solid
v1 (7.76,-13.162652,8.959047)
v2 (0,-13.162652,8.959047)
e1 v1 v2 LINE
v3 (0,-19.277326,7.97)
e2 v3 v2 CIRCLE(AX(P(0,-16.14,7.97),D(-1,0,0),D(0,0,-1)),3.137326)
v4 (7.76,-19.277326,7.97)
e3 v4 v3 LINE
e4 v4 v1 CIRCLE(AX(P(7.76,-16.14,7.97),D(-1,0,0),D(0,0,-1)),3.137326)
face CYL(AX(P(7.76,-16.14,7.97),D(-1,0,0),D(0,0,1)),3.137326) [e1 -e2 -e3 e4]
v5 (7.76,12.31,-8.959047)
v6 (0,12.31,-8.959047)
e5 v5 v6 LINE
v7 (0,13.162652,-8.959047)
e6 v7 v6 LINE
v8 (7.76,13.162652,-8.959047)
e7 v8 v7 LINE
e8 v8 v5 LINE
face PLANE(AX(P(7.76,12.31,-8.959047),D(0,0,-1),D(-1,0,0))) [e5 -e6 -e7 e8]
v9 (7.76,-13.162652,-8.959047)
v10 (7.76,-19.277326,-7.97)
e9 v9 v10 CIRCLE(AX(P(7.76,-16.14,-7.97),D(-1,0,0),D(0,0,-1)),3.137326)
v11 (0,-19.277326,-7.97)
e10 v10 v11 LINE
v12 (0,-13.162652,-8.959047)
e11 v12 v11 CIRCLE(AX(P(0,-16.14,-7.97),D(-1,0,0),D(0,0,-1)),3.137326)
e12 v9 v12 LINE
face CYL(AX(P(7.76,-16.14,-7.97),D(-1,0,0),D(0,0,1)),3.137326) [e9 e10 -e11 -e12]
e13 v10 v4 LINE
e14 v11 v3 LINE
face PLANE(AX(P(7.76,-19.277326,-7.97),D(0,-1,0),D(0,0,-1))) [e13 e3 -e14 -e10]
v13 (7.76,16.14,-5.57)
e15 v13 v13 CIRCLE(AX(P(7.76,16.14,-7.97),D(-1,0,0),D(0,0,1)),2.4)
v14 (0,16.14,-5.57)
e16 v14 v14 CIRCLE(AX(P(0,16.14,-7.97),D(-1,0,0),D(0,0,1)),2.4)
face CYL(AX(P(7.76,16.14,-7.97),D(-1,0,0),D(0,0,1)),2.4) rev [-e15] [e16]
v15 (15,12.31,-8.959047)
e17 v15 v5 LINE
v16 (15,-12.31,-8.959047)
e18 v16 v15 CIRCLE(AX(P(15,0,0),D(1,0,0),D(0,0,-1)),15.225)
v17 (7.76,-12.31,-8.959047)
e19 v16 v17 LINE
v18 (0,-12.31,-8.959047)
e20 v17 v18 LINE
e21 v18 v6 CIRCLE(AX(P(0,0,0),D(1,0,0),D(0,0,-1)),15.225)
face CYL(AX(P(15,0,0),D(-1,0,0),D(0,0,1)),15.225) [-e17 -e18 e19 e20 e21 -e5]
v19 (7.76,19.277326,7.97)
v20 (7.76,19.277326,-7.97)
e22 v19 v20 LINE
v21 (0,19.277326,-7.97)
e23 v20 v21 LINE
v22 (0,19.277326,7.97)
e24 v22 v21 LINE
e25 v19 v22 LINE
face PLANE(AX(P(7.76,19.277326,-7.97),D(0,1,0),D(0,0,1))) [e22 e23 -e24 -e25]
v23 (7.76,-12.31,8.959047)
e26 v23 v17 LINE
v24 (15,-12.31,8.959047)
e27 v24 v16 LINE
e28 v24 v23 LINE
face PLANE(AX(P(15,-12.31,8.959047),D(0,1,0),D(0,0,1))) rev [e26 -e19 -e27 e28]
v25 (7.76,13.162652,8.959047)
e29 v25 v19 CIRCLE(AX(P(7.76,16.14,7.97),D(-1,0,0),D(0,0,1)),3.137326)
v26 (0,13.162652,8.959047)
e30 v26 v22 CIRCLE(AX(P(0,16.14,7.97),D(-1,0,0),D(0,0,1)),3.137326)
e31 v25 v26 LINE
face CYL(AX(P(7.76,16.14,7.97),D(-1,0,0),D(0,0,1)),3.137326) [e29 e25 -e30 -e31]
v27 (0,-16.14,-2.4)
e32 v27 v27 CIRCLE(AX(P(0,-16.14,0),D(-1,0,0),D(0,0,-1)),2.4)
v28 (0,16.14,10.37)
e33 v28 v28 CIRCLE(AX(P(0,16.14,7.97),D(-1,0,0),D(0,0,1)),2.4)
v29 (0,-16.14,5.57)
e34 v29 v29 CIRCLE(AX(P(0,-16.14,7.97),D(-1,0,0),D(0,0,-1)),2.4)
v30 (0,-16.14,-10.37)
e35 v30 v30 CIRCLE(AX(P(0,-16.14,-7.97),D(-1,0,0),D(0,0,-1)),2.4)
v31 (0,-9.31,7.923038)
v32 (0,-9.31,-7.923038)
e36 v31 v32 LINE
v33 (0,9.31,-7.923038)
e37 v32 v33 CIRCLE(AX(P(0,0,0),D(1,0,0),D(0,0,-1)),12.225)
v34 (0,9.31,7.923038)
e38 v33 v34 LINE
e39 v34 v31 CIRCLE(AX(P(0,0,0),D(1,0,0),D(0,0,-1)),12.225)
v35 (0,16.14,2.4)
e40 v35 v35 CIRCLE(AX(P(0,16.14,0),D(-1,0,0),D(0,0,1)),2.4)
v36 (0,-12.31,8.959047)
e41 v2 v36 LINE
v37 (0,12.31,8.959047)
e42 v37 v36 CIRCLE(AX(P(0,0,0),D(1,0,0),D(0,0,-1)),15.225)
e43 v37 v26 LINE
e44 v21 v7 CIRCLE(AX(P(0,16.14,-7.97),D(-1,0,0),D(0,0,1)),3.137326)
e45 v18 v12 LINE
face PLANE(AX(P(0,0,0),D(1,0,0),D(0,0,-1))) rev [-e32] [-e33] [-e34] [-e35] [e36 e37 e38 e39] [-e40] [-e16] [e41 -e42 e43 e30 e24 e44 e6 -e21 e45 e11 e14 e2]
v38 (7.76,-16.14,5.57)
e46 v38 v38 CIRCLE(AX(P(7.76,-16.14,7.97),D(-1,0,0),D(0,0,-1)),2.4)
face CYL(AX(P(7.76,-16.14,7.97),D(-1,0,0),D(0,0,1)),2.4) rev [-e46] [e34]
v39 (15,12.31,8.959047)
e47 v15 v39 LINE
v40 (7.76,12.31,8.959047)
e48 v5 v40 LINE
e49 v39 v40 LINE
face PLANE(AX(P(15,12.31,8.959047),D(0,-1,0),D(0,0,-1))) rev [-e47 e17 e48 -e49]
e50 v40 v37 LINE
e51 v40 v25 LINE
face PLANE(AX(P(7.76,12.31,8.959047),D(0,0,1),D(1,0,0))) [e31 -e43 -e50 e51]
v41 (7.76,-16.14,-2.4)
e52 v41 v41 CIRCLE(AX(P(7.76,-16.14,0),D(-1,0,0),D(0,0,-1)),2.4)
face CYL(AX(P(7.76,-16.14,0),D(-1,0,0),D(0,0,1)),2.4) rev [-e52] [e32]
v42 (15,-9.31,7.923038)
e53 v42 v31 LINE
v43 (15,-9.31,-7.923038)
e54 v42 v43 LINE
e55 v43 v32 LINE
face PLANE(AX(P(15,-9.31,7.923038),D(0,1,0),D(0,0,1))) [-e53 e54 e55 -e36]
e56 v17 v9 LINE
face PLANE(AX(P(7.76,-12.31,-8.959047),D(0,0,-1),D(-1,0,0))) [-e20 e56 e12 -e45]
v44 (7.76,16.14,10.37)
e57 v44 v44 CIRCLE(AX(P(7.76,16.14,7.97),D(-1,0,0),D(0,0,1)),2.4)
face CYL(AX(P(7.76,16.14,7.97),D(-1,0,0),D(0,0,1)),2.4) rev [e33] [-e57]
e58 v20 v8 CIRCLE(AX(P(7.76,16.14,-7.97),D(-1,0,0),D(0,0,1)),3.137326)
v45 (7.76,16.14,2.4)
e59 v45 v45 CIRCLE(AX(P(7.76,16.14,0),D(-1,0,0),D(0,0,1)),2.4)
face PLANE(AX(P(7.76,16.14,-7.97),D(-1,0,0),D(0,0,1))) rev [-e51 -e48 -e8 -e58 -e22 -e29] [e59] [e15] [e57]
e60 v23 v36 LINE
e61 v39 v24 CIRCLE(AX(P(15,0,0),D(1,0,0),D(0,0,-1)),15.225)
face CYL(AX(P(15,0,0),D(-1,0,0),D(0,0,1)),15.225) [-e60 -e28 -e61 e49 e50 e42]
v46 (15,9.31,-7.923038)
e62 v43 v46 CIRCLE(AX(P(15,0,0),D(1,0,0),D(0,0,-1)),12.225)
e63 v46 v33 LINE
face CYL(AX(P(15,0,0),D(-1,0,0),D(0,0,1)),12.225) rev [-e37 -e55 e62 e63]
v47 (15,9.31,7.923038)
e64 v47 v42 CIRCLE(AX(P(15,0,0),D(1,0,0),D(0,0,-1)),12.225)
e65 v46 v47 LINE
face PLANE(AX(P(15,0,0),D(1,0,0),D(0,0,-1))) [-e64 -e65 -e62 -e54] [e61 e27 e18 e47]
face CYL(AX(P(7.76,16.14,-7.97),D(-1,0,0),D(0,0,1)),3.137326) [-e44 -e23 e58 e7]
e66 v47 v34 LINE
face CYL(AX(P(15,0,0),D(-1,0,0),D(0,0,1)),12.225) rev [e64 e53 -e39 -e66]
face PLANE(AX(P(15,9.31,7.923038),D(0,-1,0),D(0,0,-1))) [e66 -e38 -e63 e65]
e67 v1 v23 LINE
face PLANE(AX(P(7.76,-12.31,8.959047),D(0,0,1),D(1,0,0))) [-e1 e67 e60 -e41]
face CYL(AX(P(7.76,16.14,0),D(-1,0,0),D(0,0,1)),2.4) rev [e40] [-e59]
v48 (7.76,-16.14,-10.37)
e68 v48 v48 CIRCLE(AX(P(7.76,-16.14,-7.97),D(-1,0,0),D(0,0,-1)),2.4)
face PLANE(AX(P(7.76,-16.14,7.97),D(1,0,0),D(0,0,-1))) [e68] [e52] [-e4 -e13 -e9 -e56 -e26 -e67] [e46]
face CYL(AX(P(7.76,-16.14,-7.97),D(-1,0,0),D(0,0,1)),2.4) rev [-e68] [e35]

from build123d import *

# Parameters (mm, degrees)
MOTOR_HOLDER_DEPTH = 15
SKETCH2_R          = 2.4
LEGO_MOUNT_DEPTH   = 7.76


with BuildPart() as part:
    # Sketch1 → Motor Holder (new body)
    with BuildSketch(Plane(origin=(0, 0, 0), x_dir=(0, 0, -1), z_dir=(1, 0, 0))):
        with BuildLine():
            Line((-8.959047103, 12.31), (8.959047103, 12.31))
            ThreePointArc((8.959047103, 12.31), (15.225, 0), (8.959047103, -12.31))
            Line((8.959047103, -12.31), (-8.959047103, -12.31))
            ThreePointArc((-8.959047103, -12.31), (-15.225, 0), (-8.959047103, 12.31))
        make_face()
        with BuildLine():
            Line((-7.923037612, 9.31), (7.923037612, 9.31))
            ThreePointArc((7.923037612, 9.31), (12.225, 0), (7.923037612, -9.31))
            Line((7.923037612, -9.31), (-7.923037612, -9.31))
            ThreePointArc((-7.923037612, -9.31), (-12.225, 0), (-7.923037612, 9.31))
        make_face(mode=Mode.SUBTRACT)
    extrude(amount=MOTOR_HOLDER_DEPTH)

    # Sketch2 → Lego Mount (add)
    # profile 1 of 2: a face of its own
    with BuildSketch(Plane.ZY):
        with BuildLine():
            Line((-7.97, 19.277326297), (7.97, 19.277326297))
            ThreePointArc((7.97, 19.277326297), (11.067073538, 16.640950889), (8.959047103, 13.162651831))
            Line((8.959047103, 13.162651831), (8.959047103, 12.31))
            Line((8.959047103, 12.31), (-8.959047103, 12.31))
            Line((-8.959047103, 12.31), (-8.959047103, 13.162651831))
            ThreePointArc((-8.959047103, 13.162651831), (-11.067073538, 16.640950889), (-7.97, 19.277326297))
        make_face()
        with Locations((-7.97, 16.14)):
            Circle(SKETCH2_R, mode=Mode.SUBTRACT)
        with Locations((0, 16.14)):
            Circle(SKETCH2_R, mode=Mode.SUBTRACT)
        with Locations((7.97, 16.14)):
            Circle(SKETCH2_R, mode=Mode.SUBTRACT)
    # profile 2 of 2: a face of its own
    with BuildSketch(Plane.ZY):
        with BuildLine():
            Line((-7.97, -19.277326297), (7.97, -19.277326297))
            ThreePointArc((7.97, -19.277326297), (11.067073538, -16.640950889), (8.959047103, -13.162651831))
            Line((8.959047103, -13.162651831), (8.959047103, -12.31))
            Line((8.959047103, -12.31), (-8.959047103, -12.31))
            Line((-8.959047103, -12.31), (-8.959047103, -13.162651831))
            ThreePointArc((-8.959047103, -13.162651831), (-11.067073538, -16.640950889), (-7.97, -19.277326297))
        make_face()
        with Locations(Location((7.97, -16.14, 0), (0, 0, 180))):
            Circle(SKETCH2_R, mode=Mode.SUBTRACT)
        with Locations(Location((0, -16.14, 0), (0, 0, 180))):
            Circle(SKETCH2_R, mode=Mode.SUBTRACT)
        with Locations(Location((-7.97, -16.14, 0), (0, 0, 180))):
            Circle(SKETCH2_R, mode=Mode.SUBTRACT)
    extrude(amount=-LEGO_MOUNT_DEPTH)


solid = part.part
